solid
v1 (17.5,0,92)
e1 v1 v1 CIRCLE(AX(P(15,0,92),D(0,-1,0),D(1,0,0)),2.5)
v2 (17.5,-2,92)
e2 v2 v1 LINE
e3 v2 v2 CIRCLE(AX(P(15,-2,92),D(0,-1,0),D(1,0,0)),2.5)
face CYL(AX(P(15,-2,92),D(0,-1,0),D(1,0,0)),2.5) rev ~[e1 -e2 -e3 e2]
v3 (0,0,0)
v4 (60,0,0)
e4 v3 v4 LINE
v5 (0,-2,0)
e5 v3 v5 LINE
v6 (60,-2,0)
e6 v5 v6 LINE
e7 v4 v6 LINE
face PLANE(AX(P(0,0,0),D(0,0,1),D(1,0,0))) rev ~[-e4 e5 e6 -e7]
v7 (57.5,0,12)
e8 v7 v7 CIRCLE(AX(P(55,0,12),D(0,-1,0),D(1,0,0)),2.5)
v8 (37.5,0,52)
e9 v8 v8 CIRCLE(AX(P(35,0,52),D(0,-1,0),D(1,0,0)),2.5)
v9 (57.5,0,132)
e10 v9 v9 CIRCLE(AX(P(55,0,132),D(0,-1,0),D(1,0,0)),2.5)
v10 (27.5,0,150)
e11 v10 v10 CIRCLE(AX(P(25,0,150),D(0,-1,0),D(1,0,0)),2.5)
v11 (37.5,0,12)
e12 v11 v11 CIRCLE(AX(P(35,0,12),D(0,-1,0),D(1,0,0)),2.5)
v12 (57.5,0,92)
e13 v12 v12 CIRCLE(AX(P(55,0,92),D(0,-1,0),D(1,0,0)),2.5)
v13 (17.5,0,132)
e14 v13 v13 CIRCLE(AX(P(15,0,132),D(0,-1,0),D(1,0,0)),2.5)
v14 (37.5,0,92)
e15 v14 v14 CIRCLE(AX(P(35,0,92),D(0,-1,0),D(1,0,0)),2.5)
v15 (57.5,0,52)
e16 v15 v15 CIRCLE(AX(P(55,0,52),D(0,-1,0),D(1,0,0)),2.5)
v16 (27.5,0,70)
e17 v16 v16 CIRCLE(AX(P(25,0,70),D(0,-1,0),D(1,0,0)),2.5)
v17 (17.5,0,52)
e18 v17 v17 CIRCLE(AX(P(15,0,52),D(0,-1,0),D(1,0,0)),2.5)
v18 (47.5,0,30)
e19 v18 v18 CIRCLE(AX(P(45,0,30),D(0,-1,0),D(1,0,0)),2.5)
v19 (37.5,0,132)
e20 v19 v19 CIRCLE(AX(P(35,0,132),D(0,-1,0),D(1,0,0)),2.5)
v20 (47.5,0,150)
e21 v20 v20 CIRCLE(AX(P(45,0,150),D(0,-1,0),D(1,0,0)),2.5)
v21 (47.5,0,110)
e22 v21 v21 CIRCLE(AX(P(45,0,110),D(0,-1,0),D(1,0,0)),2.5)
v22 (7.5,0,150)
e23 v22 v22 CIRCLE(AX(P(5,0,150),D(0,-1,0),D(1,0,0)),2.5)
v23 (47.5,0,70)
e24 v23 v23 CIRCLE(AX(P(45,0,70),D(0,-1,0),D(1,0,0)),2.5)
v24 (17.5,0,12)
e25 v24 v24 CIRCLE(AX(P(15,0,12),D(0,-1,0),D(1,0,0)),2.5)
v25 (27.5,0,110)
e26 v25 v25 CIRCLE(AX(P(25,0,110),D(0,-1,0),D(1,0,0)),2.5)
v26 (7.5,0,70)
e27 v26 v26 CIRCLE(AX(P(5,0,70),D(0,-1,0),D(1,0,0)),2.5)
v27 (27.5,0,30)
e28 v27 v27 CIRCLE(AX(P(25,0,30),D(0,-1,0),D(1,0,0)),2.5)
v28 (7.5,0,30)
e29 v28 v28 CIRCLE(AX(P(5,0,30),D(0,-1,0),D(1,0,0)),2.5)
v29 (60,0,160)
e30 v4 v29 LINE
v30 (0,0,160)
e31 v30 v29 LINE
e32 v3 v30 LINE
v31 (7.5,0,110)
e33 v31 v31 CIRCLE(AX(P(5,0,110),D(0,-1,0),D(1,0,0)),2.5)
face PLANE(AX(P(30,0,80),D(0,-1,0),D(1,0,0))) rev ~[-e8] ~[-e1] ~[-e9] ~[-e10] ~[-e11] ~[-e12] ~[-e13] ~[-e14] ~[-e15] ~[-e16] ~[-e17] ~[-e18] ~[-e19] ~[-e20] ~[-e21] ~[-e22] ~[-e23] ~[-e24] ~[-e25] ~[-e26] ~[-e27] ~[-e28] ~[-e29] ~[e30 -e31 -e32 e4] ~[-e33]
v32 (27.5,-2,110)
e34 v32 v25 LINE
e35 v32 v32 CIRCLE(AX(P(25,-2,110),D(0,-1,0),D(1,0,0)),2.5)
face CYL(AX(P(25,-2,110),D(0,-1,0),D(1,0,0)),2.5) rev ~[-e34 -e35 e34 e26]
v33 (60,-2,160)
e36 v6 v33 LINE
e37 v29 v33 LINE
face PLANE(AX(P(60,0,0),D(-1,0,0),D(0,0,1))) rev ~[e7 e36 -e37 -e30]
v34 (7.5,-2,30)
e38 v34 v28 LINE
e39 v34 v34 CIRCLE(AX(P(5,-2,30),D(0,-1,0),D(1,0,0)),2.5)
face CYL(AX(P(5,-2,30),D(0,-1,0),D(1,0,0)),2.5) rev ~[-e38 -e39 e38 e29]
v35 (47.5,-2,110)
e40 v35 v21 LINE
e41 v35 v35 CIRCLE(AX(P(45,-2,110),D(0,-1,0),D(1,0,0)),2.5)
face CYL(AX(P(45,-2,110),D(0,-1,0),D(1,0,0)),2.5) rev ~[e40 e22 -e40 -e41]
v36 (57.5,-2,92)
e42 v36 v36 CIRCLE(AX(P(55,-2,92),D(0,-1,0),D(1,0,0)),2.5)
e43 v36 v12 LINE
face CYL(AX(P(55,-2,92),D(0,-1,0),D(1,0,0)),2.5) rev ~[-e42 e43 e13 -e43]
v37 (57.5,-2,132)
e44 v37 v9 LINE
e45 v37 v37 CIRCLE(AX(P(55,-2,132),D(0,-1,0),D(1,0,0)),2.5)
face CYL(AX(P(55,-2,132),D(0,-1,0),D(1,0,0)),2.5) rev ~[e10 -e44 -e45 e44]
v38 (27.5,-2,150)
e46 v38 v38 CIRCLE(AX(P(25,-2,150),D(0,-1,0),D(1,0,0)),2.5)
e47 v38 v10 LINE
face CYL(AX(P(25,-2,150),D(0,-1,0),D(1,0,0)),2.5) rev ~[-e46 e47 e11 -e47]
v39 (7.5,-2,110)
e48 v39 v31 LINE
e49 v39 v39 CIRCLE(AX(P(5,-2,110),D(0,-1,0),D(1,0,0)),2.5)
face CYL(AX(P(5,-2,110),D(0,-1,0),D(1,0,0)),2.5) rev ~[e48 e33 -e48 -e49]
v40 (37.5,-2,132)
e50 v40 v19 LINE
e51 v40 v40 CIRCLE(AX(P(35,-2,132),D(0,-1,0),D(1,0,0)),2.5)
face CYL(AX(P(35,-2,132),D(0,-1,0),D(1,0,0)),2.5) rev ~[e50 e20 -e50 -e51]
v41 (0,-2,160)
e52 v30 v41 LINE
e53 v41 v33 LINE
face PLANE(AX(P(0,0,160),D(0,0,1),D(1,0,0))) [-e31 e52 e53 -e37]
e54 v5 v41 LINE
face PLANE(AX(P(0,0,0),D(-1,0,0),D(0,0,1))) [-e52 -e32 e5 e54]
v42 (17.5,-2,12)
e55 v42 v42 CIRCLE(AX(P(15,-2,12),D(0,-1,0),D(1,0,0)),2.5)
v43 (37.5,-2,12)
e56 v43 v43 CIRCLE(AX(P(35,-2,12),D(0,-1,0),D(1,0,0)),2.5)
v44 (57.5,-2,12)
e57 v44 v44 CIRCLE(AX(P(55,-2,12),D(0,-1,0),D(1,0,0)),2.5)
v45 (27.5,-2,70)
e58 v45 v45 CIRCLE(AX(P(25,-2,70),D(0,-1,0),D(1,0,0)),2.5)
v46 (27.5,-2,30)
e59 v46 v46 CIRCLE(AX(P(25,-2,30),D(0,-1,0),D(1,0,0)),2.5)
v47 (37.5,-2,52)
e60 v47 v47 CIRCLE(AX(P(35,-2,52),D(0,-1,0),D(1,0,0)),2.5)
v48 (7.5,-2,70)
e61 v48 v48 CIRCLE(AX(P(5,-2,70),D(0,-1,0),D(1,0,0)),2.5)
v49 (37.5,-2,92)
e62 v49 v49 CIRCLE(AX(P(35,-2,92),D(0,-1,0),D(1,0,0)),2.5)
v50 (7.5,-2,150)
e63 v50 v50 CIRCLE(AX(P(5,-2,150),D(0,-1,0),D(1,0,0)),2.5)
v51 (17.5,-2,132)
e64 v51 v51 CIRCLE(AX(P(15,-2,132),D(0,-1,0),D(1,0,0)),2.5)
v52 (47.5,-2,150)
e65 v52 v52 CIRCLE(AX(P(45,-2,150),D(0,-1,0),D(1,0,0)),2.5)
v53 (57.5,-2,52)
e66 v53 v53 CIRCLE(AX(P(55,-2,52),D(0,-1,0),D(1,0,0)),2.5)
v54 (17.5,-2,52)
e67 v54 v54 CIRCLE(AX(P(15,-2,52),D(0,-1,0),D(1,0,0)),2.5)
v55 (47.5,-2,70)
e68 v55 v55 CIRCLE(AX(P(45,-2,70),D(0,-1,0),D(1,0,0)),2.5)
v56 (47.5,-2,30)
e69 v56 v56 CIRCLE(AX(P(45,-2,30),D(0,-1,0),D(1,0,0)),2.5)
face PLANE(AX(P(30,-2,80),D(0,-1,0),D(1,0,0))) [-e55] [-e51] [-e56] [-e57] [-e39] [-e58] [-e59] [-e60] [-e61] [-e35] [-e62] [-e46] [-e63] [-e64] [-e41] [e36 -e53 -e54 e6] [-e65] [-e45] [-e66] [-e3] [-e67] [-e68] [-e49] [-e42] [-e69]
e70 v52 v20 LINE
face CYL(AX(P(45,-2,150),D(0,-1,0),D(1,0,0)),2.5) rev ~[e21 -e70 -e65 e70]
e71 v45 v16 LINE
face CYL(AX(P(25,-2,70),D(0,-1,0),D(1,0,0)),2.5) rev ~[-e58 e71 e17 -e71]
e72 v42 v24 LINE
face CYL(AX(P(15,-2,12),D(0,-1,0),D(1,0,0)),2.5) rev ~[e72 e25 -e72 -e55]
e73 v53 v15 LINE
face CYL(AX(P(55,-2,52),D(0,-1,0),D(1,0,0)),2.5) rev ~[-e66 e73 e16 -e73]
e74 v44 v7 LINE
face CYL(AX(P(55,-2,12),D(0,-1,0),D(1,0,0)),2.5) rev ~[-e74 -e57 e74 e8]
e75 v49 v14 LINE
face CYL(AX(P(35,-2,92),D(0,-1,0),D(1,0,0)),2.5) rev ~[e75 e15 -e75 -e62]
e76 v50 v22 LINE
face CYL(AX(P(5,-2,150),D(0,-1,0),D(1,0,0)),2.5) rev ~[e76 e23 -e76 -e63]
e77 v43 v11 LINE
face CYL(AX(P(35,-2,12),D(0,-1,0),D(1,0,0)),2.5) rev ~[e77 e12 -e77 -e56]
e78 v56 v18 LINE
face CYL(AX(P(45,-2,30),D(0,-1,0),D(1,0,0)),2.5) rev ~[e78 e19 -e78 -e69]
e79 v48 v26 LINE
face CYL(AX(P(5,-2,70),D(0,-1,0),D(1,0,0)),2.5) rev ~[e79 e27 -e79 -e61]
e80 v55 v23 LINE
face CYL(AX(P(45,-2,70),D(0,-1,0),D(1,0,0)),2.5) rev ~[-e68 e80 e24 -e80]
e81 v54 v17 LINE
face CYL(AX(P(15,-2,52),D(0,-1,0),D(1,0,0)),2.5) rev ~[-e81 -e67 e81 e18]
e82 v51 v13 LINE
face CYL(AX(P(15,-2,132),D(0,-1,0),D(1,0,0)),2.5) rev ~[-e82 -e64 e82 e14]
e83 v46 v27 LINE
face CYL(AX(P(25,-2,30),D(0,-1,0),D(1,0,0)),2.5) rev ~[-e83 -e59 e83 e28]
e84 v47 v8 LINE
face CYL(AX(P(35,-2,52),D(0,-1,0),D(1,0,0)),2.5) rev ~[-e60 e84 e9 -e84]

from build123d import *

# Parameters (mm, degrees)
SKETCH_W                     = 60
SKETCH_H                     = 160
PAD_DEPTH                    = 2
SKETCH001_R                  = 2.5
POCKET_DEPTH                 = 343.784557
SKETCH001_LINEARPATTERN_2_R  = 2.5
POCKET_LINEARPATTERN_2_DEPTH = 343.784557
SKETCH001_LINEARPATTERN_3_R  = 2.5
POCKET_LINEARPATTERN_3_DEPTH = 343.784557
LINEARPATTERN001_COUNT       = 4
LINEARPATTERN001_PITCH       = 40


with BuildPart() as part:
    # Sketch → Pad (new body)
    with BuildSketch(Plane.XZ):
        with Locations((30, 80)):
            Rectangle(SKETCH_W, SKETCH_H)
    extrude(amount=PAD_DEPTH)

    # Sketch001 (on Face6 of Pad) → Pocket (cut, through all)
    with BuildSketch(Plane.XZ.offset(2)):
        with Locations((15, 12)):
            Circle(SKETCH001_R)
        with Locations((5, 30)):
            Circle(SKETCH001_R)
    pocket = extrude(amount=-POCKET_DEPTH, mode=Mode.SUBTRACT)

    # Sketch001 LinearPattern 2 → Pocket LinearPattern 2 (cut, through all)
    with BuildSketch(Plane(origin=(20, -2, 0), x_dir=(1, 0, 0), z_dir=(0, -1, 0))):
        with Locations((15, 12)):
            Circle(SKETCH001_LINEARPATTERN_2_R)
        with Locations((5, 30)):
            Circle(SKETCH001_LINEARPATTERN_2_R)
    pocket_linearpattern_2 = extrude(amount=-POCKET_LINEARPATTERN_2_DEPTH, mode=Mode.SUBTRACT)

    # Sketch001 LinearPattern 3 → Pocket LinearPattern 3 (cut, through all)
    with BuildSketch(Plane(origin=(40, -2, 0), x_dir=(1, 0, 0), z_dir=(0, -1, 0))):
        with Locations((15, 12)):
            Circle(SKETCH001_LINEARPATTERN_3_R)
        with Locations((5, 30)):
            Circle(SKETCH001_LINEARPATTERN_3_R)
    pocket_linearpattern_3 = extrude(amount=-POCKET_LINEARPATTERN_3_DEPTH, mode=Mode.SUBTRACT)

    # LinearPattern001: Pocket, Pocket LinearPattern 2, Pocket LinearPattern 3 ×4
    with Locations(*[(0, 0, i * LINEARPATTERN001_PITCH) for i in range(1, LINEARPATTERN001_COUNT)]):
        add(pocket, mode=Mode.SUBTRACT)
        add(pocket_linearpattern_2, mode=Mode.SUBTRACT)
        add(pocket_linearpattern_3, mode=Mode.SUBTRACT)


solid = part.part
